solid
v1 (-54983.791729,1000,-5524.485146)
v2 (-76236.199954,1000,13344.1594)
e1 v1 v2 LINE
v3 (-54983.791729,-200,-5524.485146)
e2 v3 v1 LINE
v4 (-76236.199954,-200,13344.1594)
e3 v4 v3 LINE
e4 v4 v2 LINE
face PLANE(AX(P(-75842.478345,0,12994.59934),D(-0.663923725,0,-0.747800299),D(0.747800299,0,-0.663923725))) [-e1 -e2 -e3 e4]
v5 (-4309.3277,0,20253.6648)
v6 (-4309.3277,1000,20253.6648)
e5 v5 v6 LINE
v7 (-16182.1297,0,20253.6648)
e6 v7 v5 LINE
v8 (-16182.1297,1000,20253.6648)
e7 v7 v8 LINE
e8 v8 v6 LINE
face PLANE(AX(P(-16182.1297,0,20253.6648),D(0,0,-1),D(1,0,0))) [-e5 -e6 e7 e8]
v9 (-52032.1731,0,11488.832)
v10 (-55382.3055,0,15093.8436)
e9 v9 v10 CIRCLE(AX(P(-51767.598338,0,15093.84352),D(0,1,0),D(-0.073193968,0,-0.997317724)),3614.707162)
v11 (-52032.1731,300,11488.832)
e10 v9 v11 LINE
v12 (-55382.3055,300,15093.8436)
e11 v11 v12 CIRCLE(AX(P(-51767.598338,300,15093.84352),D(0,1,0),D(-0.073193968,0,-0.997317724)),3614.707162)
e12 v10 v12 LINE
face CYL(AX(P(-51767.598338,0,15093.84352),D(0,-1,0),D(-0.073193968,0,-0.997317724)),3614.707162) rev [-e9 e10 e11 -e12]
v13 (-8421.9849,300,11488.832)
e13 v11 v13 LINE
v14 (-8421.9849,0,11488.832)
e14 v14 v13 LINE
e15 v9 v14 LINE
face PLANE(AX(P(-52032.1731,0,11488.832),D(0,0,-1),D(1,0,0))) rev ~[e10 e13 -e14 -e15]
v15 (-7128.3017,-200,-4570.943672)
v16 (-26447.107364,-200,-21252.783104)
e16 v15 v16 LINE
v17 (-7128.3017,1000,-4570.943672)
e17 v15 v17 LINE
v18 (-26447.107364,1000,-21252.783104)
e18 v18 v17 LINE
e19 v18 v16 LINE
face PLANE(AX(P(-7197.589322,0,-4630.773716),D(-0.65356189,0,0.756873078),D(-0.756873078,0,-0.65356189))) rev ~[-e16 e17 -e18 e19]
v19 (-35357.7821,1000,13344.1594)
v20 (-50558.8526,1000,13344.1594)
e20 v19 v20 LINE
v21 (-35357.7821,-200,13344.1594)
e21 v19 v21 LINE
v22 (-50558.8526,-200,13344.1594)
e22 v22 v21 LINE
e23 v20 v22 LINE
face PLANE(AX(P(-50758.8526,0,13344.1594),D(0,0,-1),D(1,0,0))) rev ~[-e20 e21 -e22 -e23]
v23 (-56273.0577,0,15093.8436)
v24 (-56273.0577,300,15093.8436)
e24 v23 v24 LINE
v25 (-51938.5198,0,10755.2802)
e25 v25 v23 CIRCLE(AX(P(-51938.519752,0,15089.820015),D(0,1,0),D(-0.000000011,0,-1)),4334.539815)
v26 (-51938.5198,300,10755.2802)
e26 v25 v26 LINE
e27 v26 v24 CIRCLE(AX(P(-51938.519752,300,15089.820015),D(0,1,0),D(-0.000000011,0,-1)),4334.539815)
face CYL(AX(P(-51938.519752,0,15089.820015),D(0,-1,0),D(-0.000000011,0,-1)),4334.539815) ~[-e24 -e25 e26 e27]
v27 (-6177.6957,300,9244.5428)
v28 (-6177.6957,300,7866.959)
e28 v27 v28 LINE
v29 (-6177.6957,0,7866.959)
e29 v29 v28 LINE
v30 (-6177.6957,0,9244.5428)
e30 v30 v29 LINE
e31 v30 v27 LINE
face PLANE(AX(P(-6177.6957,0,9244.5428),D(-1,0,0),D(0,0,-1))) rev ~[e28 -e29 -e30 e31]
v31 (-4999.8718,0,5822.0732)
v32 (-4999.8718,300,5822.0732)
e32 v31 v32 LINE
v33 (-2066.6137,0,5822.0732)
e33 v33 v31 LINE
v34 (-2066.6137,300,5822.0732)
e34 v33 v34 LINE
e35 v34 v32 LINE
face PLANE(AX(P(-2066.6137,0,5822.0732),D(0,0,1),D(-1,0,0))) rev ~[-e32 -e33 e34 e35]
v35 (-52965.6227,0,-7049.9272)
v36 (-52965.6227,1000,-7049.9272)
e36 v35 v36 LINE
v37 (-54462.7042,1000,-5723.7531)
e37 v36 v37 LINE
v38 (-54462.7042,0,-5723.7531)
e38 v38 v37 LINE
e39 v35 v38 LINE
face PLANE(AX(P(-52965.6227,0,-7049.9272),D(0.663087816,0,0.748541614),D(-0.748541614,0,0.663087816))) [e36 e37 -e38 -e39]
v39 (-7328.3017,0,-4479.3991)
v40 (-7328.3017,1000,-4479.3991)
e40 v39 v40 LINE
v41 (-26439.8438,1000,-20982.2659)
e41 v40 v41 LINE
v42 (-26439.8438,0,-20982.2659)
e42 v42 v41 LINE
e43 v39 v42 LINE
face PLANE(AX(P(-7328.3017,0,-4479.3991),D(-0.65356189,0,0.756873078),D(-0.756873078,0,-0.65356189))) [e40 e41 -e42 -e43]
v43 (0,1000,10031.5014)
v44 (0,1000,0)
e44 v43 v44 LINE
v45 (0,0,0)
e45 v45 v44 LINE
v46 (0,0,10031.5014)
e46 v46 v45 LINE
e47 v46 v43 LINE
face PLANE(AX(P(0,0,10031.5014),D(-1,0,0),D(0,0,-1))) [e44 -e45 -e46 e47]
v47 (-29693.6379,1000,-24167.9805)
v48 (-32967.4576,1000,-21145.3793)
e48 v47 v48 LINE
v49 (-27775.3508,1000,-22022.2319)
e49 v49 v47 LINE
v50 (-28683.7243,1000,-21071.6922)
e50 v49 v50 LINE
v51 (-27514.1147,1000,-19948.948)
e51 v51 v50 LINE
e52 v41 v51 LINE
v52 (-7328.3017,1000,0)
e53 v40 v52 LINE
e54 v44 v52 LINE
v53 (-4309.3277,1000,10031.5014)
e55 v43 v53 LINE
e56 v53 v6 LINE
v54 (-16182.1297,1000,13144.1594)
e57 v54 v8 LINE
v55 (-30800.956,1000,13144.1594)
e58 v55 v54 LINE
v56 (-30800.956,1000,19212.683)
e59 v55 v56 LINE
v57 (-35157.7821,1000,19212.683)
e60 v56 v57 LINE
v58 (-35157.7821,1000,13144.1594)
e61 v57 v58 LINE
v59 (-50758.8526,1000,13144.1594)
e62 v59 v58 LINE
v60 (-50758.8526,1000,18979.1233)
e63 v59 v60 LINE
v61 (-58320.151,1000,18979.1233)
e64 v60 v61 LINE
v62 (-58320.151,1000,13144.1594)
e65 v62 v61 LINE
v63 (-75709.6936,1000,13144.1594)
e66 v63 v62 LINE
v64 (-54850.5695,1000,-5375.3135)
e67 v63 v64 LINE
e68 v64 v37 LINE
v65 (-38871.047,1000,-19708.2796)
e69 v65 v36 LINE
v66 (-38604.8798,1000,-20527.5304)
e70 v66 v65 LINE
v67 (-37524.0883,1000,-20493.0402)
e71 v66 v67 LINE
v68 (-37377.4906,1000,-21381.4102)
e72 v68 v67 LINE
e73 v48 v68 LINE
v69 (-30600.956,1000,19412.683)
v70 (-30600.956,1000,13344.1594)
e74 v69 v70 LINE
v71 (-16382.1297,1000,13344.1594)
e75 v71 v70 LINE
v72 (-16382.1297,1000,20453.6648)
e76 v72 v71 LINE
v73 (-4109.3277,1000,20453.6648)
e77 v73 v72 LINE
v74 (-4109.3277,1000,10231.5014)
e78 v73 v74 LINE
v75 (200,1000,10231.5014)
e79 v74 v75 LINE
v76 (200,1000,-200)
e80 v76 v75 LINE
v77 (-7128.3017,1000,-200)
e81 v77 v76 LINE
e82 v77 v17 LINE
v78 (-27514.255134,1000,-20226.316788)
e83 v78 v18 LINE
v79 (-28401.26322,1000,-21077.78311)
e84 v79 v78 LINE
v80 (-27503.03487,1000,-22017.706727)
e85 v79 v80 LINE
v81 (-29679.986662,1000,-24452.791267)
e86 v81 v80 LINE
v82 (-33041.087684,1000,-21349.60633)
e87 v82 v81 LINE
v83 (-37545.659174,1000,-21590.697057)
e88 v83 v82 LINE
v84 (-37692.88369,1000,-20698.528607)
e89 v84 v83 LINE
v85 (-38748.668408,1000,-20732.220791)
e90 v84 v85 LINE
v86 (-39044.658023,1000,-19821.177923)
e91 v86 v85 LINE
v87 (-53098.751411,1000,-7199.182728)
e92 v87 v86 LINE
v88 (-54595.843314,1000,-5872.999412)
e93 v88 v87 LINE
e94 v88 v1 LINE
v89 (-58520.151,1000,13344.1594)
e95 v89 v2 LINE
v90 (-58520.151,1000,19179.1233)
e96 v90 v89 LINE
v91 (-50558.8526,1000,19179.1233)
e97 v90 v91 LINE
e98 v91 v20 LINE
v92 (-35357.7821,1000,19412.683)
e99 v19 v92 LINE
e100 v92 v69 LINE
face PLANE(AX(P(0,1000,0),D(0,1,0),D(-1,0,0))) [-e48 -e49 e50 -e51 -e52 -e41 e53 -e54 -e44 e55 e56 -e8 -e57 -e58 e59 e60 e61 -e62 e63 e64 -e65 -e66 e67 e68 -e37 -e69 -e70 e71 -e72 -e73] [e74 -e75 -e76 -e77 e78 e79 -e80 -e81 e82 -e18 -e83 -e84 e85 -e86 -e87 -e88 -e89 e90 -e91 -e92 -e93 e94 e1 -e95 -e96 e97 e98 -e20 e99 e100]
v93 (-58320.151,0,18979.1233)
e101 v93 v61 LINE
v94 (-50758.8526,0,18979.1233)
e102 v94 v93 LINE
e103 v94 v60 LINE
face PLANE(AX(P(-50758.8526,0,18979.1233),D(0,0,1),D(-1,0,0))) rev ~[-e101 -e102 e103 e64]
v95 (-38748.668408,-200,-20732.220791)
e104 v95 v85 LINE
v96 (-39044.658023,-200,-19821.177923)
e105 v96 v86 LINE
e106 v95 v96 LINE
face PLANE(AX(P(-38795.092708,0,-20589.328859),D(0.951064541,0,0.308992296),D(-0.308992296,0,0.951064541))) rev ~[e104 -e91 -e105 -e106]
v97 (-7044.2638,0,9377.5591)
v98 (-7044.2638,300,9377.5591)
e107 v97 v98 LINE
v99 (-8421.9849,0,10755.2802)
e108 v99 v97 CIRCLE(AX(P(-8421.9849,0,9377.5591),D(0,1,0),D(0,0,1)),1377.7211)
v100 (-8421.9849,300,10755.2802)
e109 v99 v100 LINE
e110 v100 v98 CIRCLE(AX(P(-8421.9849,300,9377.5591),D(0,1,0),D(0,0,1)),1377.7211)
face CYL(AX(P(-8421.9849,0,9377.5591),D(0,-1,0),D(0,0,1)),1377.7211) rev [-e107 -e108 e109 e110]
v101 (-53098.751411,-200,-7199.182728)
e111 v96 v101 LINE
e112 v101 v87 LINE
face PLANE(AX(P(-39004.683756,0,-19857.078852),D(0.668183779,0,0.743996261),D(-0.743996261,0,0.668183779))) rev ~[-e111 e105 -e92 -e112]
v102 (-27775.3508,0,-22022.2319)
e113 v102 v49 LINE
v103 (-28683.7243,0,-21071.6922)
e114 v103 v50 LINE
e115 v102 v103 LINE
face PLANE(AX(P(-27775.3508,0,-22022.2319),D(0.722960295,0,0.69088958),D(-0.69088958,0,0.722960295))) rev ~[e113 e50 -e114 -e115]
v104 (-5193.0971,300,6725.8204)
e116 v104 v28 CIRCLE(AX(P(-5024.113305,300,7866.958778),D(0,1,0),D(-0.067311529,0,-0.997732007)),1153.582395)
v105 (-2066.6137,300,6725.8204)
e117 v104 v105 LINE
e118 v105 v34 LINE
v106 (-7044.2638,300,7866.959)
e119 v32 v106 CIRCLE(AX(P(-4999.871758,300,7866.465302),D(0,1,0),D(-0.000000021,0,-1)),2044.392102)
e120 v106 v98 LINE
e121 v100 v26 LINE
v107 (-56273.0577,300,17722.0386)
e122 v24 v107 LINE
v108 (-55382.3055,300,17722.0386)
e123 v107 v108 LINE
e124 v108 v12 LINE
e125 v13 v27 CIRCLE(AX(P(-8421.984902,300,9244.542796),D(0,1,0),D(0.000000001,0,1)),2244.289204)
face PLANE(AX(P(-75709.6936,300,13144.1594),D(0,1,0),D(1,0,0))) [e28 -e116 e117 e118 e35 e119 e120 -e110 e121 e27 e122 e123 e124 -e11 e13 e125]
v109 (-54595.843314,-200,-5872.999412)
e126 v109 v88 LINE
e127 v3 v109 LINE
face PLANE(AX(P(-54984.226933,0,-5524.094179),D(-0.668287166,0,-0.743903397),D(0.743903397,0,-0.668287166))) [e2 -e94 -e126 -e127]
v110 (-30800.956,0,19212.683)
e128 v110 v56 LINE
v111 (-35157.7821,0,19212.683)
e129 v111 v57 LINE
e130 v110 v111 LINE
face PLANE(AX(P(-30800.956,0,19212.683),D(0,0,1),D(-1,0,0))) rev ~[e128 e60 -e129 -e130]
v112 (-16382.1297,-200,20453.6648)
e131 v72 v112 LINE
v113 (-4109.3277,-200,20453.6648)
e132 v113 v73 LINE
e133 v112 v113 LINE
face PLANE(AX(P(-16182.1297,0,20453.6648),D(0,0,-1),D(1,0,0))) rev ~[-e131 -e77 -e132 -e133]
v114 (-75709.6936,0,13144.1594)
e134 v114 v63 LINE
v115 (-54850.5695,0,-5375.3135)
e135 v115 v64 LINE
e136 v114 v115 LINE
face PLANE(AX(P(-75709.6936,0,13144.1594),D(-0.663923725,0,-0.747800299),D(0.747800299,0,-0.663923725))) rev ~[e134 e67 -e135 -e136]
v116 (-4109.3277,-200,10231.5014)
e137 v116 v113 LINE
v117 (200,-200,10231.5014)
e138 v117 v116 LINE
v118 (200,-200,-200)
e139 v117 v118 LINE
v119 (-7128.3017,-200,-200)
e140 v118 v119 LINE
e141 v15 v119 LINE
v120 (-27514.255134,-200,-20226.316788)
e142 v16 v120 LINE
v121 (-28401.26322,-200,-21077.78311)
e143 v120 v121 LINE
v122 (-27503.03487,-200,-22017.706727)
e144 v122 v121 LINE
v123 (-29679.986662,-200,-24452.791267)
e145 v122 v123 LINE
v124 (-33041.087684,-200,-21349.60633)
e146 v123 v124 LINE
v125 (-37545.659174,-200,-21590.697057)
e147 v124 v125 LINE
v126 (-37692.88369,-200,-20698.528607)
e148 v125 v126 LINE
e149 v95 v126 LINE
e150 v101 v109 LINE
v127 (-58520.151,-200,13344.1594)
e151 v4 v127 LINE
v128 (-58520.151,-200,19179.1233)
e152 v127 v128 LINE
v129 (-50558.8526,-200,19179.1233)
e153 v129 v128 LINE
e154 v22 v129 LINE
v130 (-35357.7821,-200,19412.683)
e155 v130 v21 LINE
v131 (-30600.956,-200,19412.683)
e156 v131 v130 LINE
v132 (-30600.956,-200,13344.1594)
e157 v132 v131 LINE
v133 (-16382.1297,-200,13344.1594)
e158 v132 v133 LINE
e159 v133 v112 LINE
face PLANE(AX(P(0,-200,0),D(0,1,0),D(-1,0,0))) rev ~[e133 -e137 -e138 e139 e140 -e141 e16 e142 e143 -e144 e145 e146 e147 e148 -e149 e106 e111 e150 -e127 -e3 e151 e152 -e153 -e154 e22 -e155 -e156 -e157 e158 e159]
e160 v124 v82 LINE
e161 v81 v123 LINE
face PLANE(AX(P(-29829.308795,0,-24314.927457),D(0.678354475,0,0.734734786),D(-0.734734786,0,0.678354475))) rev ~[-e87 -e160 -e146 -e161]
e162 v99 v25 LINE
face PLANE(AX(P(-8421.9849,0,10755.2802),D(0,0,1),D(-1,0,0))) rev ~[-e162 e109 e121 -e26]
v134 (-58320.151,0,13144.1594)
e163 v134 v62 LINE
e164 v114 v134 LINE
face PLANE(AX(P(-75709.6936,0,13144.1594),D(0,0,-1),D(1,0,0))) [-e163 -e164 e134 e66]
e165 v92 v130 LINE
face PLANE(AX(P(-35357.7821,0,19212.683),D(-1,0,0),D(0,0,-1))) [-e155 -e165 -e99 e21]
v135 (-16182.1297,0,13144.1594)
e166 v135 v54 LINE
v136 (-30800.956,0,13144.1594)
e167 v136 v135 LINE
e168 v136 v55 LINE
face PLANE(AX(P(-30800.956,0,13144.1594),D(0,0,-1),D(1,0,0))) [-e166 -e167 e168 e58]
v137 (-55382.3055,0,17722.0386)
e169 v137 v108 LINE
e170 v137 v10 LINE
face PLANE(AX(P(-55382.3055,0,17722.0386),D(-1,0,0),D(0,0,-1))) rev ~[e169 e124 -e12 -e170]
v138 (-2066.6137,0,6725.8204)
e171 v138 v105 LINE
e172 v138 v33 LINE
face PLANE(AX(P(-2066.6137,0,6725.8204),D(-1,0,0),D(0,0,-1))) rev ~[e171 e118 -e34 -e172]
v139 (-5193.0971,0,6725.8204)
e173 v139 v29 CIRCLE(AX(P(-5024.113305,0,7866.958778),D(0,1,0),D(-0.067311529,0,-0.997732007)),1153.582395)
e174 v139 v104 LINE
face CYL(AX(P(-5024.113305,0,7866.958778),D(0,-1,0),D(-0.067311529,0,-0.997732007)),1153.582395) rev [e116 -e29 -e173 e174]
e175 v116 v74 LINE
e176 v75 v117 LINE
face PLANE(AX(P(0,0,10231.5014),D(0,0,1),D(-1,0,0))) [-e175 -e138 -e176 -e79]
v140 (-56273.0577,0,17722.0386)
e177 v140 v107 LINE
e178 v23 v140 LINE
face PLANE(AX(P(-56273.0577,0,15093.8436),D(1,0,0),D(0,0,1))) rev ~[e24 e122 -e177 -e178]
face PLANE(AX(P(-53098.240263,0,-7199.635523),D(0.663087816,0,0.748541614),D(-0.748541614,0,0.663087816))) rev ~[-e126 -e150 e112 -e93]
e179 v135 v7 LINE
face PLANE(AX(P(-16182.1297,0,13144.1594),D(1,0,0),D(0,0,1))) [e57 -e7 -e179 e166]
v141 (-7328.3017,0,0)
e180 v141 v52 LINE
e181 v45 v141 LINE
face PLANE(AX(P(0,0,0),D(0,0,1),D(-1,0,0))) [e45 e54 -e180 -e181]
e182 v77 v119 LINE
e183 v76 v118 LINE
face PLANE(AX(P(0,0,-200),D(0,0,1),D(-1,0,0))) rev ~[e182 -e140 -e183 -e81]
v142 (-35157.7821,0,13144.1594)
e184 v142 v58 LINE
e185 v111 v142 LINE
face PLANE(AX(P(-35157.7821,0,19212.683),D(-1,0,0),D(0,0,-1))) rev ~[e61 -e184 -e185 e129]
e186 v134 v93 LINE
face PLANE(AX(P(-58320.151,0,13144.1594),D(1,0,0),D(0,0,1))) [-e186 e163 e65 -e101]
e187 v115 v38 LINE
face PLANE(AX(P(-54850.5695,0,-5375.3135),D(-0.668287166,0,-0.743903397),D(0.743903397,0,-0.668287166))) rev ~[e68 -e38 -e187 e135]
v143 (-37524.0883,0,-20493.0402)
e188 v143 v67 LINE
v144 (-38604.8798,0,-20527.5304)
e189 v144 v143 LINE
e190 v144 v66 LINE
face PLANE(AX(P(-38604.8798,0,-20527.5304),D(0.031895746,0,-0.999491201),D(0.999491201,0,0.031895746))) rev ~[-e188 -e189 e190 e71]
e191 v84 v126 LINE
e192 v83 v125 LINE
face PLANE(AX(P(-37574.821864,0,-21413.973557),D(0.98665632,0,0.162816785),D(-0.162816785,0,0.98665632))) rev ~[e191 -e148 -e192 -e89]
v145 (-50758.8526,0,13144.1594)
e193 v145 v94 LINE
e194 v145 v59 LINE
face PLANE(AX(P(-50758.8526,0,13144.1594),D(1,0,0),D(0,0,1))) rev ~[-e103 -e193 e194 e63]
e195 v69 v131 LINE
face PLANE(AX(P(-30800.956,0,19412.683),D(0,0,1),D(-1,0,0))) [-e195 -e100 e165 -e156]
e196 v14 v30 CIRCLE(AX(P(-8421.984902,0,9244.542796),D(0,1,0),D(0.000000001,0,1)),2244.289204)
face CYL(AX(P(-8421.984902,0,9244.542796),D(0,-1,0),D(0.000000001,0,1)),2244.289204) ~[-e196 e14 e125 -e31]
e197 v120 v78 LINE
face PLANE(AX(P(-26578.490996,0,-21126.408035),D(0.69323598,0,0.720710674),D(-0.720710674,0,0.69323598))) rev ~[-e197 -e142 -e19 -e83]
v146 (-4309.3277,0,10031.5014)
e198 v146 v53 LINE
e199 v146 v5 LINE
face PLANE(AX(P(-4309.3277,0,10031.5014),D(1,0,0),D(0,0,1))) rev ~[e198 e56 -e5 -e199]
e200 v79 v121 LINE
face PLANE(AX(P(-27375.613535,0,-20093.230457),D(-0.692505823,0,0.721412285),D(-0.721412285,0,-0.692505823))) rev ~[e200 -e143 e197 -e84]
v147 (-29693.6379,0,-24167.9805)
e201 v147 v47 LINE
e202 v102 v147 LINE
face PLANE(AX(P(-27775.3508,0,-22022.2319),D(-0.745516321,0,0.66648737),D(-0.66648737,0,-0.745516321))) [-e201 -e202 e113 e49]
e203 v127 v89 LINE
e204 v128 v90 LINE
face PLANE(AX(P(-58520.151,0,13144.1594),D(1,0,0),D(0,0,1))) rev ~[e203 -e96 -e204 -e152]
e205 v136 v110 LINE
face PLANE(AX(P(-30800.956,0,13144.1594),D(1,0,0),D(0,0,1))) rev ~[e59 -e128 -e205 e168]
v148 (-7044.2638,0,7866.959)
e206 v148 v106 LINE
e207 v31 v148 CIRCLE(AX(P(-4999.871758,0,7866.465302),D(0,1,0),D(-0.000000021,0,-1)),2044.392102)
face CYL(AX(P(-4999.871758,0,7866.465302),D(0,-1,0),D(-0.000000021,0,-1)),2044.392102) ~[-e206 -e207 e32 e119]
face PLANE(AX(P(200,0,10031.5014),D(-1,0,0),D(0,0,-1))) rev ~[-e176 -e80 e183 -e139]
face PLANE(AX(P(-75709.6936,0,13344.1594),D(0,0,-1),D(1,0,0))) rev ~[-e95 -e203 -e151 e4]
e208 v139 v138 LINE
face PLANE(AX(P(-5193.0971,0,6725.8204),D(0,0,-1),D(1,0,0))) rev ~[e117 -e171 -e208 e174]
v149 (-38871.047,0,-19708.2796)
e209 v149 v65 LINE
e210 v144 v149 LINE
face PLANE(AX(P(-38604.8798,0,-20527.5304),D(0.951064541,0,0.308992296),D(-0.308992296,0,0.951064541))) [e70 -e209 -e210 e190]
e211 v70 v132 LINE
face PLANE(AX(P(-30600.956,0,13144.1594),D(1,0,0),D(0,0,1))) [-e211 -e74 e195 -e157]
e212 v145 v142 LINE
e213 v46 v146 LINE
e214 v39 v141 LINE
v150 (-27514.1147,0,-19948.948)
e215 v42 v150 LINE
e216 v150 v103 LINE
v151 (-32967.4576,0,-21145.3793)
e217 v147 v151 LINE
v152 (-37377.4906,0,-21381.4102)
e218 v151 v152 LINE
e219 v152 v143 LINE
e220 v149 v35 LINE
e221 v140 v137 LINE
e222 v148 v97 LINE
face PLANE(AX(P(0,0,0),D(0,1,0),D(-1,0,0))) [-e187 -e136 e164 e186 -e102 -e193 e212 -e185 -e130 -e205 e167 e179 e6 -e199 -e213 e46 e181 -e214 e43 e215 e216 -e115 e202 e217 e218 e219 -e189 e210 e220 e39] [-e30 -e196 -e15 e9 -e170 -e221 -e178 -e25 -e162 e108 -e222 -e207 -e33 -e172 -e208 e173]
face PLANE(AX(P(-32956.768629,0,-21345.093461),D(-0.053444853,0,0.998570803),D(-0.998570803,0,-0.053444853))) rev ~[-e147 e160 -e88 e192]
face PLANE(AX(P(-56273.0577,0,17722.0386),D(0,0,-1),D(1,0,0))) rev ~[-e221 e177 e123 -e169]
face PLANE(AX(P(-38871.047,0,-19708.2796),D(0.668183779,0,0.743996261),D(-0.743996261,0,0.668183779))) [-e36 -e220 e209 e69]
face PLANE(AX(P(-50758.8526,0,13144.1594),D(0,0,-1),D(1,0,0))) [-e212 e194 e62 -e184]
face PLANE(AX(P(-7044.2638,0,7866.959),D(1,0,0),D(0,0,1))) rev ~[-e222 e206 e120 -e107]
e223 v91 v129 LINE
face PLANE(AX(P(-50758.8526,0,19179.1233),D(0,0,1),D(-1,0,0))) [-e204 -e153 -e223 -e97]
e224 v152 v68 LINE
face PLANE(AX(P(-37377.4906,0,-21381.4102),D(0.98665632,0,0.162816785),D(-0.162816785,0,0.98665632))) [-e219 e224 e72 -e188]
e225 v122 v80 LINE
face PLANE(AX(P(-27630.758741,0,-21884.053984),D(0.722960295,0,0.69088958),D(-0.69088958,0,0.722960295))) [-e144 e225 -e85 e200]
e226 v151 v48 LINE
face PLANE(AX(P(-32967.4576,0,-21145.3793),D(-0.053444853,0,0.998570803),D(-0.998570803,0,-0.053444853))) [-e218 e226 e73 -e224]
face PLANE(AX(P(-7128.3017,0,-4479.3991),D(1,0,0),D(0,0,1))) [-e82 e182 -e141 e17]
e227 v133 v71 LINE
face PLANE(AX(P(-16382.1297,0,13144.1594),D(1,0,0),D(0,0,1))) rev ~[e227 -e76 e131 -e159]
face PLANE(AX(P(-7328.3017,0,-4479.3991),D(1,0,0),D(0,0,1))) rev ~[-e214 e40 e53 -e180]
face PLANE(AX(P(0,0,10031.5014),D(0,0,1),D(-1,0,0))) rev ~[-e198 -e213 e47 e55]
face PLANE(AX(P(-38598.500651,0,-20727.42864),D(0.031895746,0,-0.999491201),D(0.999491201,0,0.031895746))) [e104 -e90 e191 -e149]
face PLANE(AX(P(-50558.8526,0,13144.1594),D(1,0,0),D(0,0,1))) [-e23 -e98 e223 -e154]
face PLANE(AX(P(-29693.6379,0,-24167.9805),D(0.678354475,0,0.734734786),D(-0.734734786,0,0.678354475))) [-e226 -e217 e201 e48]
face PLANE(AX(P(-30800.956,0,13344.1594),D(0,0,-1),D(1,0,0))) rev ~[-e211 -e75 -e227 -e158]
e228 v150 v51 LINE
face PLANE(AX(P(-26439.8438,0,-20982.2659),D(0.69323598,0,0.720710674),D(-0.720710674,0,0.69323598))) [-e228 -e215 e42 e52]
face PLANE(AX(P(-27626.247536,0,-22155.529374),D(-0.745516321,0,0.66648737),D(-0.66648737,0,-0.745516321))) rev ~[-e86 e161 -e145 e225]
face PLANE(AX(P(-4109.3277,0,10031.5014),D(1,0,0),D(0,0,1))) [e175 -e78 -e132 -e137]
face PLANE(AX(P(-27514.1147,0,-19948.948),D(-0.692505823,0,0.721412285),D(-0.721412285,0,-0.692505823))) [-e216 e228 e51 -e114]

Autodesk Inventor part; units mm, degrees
ref_plane "YZ Plane" through (0, 0, 0) normal (1, 0, 0) x (0, 1, 0)
ref_plane "XZ Plane" through (0, 0, 0) normal (0, 1, 0) x (-1, 0, 0)
ref_plane "XY Plane" through (0, 0, 0) normal (0, 0, 1) x (1, 0, 0)
sketch "Sketch3" plane through (0, 0, 0) normal (0, 1, 0) x (-1, 0, 0)
  line L0 (0, 10031.5014) -> (4309.3277, 10031.5014)
  line L1 (4309.3277, 10031.5014) -> (4309.3277, 20253.6648)
  line L2 (16182.1297, 20253.6648) -> (4309.3277, 20253.6648)
  line L3 (16182.1297, 13144.1594) -> (16182.1297, 20253.6648)
  line L4 (0, 10031.5014) -> (0, 0)
  line L5 (0, 0) -> (7328.3017, 0)
  line L6 (7328.3017, -4479.3991) -> (7328.3017, 0)
  line L7 (7328.3017, -4479.3991) -> (26439.8438, -20982.2659)
  line L8 (26439.8438, -20982.2659) -> (27514.1147, -19948.948)
  line L9 (27514.1147, -19948.948) -> (28683.7243, -21071.6922)
  line L10 (27775.3508, -22022.2319) -> (28683.7243, -21071.6922)
  line L11 (27775.3508, -22022.2319) -> (29693.6379, -24167.9805)
  line L12 (29693.6379, -24167.9805) -> (32967.4576, -21145.3793)
  line L13 (32967.4576, -21145.3793) -> (37377.4906, -21381.4102)
  line L14 (37377.4906, -21381.4102) -> (37524.0883, -20493.0402)
  line L15 (38604.8798, -20527.5304) -> (37524.0883, -20493.0402)
  line L16 (38604.8798, -20527.5304) -> (38871.047, -19708.2796)
  line L17 (38871.047, -19708.2796) -> (39143.6329, -19289.1159)
  line L18 (39143.6329, -19289.1159) -> (52592.2756, -7382.5123)
  line L19 (38871.047, -19708.2796) -> (52965.6227, -7049.9272)
  line L20 (52965.6227, -7049.9272) -> (54462.7042, -5723.7531)
  line L21 (54850.5695, -5375.3135) -> (54462.7042, -5723.7531)
  line L22 (75709.6936, 13144.1594) -> (54850.5695, -5375.3135)
  line L23 (75709.6936, 13144.1594) -> (58320.151, 13144.1594)
  line L24 (58320.151, 13144.1594) -> (58320.151, 18979.1233)
  line L25 (50758.8526, 18979.1233) -> (58320.151, 18979.1233)
  line L26 (50758.8526, 13144.1594) -> (50758.8526, 18979.1233)
  line L27 (50758.8526, 13144.1594) -> (35157.7821, 13144.1594)
  line L28 (35157.7821, 19212.683) -> (35157.7821, 13144.1594)
  line L29 (30800.956, 19212.683) -> (35157.7821, 19212.683)
  line L30 (30800.956, 13144.1594) -> (30800.956, 19212.683)
  line L31 (30800.956, 13144.1594) -> (16182.1297, 13144.1594)
  dimension "d0" = 10031.5014
  dimension "d1" = 4309.3277
  dimension "d2" = 7328.3017
  dimension "d3" = 10222.1634
  dimension "d4" = 11872.802
  dimension "d5" = 7109.5054
  dimension "d6" = 14618.8263
  dimension "d7" = 15601.0705
  dimension "d8" = 6068.5236
  dimension "d9" = 6068.5236
  dimension "d10" = 4356.826
  dimension "d11" = 5834.964
  dimension "d12" = 7561.2984
  dimension "d13" = 17389.5426
extrude "Extrusion1" add sketch "Sketch3" along normal blind 1000
shell "Shell1" thickness 200 outward yes removed faces 1 at (-21881.1241, 1000, -3761.3959)
sketch "Sketch4" plane through (-75709.6936, 0, 13144.1594) normal (0, 1, 0) x (1, 0, 0)
  line L0 (73643.0799, 7322.0862) -> (70709.8218, 7322.0862)
  arc A0 (70709.8218, 7322.0862) -> (68665.4298, 5277.2004) centre (70709.8218, 5277.6942) ccw
  line L1 (68665.4298, 5277.2004) -> (68665.4298, 3766.6003)
  arc A1 (67287.7087, 2388.8792) -> (68665.4298, 3766.6003) centre (67287.7087, 3766.6003) ccw
  line L2 (67287.7087, 2388.8792) -> (23771.1738, 2388.8792)
  arc A2 (23771.1738, 2388.8792) -> (19436.6359, -1949.6842) centre (23771.1738, -1945.6605) ccw
  line L3 (19436.6359, -1949.6842) -> (19436.6359, -4577.8792)
  line L4 (19436.6359, -4577.8792) -> (20327.3881, -4577.8792)
  line L5 (20327.3881, -4577.8792) -> (20327.3881, -1949.6842)
  arc A3 (23677.5205, 1655.3274) -> (20327.3881, -1949.6842) centre (23942.0953, -1949.6842) ccw
  line L6 (23677.5205, 1655.3274) -> (67287.7087, 1655.3274)
  arc A4 (67287.7087, 1655.3274) -> (69531.9829, 3907.8226) centre (67287.7087, 3899.6166) ccw
  line L7 (69531.9979, 3899.6166) -> (69531.9979, 5277.2004)
  arc A5 (70607.9309, 6428.1667) -> (69531.9979, 5277.2004) centre (70685.5804, 5277.2004) ccw
  line L8 (70516.5965, 6418.339) -> (73643.0799, 6418.339)
  line L9 (73643.0799, 6418.339) -> (73643.0799, 7322.0862)
  point P0 (75709.6936, 13144.1594)
extrude "Extrusion2" add sketch "Sketch4" along normal blind 300
properties part number "CIT-2"
